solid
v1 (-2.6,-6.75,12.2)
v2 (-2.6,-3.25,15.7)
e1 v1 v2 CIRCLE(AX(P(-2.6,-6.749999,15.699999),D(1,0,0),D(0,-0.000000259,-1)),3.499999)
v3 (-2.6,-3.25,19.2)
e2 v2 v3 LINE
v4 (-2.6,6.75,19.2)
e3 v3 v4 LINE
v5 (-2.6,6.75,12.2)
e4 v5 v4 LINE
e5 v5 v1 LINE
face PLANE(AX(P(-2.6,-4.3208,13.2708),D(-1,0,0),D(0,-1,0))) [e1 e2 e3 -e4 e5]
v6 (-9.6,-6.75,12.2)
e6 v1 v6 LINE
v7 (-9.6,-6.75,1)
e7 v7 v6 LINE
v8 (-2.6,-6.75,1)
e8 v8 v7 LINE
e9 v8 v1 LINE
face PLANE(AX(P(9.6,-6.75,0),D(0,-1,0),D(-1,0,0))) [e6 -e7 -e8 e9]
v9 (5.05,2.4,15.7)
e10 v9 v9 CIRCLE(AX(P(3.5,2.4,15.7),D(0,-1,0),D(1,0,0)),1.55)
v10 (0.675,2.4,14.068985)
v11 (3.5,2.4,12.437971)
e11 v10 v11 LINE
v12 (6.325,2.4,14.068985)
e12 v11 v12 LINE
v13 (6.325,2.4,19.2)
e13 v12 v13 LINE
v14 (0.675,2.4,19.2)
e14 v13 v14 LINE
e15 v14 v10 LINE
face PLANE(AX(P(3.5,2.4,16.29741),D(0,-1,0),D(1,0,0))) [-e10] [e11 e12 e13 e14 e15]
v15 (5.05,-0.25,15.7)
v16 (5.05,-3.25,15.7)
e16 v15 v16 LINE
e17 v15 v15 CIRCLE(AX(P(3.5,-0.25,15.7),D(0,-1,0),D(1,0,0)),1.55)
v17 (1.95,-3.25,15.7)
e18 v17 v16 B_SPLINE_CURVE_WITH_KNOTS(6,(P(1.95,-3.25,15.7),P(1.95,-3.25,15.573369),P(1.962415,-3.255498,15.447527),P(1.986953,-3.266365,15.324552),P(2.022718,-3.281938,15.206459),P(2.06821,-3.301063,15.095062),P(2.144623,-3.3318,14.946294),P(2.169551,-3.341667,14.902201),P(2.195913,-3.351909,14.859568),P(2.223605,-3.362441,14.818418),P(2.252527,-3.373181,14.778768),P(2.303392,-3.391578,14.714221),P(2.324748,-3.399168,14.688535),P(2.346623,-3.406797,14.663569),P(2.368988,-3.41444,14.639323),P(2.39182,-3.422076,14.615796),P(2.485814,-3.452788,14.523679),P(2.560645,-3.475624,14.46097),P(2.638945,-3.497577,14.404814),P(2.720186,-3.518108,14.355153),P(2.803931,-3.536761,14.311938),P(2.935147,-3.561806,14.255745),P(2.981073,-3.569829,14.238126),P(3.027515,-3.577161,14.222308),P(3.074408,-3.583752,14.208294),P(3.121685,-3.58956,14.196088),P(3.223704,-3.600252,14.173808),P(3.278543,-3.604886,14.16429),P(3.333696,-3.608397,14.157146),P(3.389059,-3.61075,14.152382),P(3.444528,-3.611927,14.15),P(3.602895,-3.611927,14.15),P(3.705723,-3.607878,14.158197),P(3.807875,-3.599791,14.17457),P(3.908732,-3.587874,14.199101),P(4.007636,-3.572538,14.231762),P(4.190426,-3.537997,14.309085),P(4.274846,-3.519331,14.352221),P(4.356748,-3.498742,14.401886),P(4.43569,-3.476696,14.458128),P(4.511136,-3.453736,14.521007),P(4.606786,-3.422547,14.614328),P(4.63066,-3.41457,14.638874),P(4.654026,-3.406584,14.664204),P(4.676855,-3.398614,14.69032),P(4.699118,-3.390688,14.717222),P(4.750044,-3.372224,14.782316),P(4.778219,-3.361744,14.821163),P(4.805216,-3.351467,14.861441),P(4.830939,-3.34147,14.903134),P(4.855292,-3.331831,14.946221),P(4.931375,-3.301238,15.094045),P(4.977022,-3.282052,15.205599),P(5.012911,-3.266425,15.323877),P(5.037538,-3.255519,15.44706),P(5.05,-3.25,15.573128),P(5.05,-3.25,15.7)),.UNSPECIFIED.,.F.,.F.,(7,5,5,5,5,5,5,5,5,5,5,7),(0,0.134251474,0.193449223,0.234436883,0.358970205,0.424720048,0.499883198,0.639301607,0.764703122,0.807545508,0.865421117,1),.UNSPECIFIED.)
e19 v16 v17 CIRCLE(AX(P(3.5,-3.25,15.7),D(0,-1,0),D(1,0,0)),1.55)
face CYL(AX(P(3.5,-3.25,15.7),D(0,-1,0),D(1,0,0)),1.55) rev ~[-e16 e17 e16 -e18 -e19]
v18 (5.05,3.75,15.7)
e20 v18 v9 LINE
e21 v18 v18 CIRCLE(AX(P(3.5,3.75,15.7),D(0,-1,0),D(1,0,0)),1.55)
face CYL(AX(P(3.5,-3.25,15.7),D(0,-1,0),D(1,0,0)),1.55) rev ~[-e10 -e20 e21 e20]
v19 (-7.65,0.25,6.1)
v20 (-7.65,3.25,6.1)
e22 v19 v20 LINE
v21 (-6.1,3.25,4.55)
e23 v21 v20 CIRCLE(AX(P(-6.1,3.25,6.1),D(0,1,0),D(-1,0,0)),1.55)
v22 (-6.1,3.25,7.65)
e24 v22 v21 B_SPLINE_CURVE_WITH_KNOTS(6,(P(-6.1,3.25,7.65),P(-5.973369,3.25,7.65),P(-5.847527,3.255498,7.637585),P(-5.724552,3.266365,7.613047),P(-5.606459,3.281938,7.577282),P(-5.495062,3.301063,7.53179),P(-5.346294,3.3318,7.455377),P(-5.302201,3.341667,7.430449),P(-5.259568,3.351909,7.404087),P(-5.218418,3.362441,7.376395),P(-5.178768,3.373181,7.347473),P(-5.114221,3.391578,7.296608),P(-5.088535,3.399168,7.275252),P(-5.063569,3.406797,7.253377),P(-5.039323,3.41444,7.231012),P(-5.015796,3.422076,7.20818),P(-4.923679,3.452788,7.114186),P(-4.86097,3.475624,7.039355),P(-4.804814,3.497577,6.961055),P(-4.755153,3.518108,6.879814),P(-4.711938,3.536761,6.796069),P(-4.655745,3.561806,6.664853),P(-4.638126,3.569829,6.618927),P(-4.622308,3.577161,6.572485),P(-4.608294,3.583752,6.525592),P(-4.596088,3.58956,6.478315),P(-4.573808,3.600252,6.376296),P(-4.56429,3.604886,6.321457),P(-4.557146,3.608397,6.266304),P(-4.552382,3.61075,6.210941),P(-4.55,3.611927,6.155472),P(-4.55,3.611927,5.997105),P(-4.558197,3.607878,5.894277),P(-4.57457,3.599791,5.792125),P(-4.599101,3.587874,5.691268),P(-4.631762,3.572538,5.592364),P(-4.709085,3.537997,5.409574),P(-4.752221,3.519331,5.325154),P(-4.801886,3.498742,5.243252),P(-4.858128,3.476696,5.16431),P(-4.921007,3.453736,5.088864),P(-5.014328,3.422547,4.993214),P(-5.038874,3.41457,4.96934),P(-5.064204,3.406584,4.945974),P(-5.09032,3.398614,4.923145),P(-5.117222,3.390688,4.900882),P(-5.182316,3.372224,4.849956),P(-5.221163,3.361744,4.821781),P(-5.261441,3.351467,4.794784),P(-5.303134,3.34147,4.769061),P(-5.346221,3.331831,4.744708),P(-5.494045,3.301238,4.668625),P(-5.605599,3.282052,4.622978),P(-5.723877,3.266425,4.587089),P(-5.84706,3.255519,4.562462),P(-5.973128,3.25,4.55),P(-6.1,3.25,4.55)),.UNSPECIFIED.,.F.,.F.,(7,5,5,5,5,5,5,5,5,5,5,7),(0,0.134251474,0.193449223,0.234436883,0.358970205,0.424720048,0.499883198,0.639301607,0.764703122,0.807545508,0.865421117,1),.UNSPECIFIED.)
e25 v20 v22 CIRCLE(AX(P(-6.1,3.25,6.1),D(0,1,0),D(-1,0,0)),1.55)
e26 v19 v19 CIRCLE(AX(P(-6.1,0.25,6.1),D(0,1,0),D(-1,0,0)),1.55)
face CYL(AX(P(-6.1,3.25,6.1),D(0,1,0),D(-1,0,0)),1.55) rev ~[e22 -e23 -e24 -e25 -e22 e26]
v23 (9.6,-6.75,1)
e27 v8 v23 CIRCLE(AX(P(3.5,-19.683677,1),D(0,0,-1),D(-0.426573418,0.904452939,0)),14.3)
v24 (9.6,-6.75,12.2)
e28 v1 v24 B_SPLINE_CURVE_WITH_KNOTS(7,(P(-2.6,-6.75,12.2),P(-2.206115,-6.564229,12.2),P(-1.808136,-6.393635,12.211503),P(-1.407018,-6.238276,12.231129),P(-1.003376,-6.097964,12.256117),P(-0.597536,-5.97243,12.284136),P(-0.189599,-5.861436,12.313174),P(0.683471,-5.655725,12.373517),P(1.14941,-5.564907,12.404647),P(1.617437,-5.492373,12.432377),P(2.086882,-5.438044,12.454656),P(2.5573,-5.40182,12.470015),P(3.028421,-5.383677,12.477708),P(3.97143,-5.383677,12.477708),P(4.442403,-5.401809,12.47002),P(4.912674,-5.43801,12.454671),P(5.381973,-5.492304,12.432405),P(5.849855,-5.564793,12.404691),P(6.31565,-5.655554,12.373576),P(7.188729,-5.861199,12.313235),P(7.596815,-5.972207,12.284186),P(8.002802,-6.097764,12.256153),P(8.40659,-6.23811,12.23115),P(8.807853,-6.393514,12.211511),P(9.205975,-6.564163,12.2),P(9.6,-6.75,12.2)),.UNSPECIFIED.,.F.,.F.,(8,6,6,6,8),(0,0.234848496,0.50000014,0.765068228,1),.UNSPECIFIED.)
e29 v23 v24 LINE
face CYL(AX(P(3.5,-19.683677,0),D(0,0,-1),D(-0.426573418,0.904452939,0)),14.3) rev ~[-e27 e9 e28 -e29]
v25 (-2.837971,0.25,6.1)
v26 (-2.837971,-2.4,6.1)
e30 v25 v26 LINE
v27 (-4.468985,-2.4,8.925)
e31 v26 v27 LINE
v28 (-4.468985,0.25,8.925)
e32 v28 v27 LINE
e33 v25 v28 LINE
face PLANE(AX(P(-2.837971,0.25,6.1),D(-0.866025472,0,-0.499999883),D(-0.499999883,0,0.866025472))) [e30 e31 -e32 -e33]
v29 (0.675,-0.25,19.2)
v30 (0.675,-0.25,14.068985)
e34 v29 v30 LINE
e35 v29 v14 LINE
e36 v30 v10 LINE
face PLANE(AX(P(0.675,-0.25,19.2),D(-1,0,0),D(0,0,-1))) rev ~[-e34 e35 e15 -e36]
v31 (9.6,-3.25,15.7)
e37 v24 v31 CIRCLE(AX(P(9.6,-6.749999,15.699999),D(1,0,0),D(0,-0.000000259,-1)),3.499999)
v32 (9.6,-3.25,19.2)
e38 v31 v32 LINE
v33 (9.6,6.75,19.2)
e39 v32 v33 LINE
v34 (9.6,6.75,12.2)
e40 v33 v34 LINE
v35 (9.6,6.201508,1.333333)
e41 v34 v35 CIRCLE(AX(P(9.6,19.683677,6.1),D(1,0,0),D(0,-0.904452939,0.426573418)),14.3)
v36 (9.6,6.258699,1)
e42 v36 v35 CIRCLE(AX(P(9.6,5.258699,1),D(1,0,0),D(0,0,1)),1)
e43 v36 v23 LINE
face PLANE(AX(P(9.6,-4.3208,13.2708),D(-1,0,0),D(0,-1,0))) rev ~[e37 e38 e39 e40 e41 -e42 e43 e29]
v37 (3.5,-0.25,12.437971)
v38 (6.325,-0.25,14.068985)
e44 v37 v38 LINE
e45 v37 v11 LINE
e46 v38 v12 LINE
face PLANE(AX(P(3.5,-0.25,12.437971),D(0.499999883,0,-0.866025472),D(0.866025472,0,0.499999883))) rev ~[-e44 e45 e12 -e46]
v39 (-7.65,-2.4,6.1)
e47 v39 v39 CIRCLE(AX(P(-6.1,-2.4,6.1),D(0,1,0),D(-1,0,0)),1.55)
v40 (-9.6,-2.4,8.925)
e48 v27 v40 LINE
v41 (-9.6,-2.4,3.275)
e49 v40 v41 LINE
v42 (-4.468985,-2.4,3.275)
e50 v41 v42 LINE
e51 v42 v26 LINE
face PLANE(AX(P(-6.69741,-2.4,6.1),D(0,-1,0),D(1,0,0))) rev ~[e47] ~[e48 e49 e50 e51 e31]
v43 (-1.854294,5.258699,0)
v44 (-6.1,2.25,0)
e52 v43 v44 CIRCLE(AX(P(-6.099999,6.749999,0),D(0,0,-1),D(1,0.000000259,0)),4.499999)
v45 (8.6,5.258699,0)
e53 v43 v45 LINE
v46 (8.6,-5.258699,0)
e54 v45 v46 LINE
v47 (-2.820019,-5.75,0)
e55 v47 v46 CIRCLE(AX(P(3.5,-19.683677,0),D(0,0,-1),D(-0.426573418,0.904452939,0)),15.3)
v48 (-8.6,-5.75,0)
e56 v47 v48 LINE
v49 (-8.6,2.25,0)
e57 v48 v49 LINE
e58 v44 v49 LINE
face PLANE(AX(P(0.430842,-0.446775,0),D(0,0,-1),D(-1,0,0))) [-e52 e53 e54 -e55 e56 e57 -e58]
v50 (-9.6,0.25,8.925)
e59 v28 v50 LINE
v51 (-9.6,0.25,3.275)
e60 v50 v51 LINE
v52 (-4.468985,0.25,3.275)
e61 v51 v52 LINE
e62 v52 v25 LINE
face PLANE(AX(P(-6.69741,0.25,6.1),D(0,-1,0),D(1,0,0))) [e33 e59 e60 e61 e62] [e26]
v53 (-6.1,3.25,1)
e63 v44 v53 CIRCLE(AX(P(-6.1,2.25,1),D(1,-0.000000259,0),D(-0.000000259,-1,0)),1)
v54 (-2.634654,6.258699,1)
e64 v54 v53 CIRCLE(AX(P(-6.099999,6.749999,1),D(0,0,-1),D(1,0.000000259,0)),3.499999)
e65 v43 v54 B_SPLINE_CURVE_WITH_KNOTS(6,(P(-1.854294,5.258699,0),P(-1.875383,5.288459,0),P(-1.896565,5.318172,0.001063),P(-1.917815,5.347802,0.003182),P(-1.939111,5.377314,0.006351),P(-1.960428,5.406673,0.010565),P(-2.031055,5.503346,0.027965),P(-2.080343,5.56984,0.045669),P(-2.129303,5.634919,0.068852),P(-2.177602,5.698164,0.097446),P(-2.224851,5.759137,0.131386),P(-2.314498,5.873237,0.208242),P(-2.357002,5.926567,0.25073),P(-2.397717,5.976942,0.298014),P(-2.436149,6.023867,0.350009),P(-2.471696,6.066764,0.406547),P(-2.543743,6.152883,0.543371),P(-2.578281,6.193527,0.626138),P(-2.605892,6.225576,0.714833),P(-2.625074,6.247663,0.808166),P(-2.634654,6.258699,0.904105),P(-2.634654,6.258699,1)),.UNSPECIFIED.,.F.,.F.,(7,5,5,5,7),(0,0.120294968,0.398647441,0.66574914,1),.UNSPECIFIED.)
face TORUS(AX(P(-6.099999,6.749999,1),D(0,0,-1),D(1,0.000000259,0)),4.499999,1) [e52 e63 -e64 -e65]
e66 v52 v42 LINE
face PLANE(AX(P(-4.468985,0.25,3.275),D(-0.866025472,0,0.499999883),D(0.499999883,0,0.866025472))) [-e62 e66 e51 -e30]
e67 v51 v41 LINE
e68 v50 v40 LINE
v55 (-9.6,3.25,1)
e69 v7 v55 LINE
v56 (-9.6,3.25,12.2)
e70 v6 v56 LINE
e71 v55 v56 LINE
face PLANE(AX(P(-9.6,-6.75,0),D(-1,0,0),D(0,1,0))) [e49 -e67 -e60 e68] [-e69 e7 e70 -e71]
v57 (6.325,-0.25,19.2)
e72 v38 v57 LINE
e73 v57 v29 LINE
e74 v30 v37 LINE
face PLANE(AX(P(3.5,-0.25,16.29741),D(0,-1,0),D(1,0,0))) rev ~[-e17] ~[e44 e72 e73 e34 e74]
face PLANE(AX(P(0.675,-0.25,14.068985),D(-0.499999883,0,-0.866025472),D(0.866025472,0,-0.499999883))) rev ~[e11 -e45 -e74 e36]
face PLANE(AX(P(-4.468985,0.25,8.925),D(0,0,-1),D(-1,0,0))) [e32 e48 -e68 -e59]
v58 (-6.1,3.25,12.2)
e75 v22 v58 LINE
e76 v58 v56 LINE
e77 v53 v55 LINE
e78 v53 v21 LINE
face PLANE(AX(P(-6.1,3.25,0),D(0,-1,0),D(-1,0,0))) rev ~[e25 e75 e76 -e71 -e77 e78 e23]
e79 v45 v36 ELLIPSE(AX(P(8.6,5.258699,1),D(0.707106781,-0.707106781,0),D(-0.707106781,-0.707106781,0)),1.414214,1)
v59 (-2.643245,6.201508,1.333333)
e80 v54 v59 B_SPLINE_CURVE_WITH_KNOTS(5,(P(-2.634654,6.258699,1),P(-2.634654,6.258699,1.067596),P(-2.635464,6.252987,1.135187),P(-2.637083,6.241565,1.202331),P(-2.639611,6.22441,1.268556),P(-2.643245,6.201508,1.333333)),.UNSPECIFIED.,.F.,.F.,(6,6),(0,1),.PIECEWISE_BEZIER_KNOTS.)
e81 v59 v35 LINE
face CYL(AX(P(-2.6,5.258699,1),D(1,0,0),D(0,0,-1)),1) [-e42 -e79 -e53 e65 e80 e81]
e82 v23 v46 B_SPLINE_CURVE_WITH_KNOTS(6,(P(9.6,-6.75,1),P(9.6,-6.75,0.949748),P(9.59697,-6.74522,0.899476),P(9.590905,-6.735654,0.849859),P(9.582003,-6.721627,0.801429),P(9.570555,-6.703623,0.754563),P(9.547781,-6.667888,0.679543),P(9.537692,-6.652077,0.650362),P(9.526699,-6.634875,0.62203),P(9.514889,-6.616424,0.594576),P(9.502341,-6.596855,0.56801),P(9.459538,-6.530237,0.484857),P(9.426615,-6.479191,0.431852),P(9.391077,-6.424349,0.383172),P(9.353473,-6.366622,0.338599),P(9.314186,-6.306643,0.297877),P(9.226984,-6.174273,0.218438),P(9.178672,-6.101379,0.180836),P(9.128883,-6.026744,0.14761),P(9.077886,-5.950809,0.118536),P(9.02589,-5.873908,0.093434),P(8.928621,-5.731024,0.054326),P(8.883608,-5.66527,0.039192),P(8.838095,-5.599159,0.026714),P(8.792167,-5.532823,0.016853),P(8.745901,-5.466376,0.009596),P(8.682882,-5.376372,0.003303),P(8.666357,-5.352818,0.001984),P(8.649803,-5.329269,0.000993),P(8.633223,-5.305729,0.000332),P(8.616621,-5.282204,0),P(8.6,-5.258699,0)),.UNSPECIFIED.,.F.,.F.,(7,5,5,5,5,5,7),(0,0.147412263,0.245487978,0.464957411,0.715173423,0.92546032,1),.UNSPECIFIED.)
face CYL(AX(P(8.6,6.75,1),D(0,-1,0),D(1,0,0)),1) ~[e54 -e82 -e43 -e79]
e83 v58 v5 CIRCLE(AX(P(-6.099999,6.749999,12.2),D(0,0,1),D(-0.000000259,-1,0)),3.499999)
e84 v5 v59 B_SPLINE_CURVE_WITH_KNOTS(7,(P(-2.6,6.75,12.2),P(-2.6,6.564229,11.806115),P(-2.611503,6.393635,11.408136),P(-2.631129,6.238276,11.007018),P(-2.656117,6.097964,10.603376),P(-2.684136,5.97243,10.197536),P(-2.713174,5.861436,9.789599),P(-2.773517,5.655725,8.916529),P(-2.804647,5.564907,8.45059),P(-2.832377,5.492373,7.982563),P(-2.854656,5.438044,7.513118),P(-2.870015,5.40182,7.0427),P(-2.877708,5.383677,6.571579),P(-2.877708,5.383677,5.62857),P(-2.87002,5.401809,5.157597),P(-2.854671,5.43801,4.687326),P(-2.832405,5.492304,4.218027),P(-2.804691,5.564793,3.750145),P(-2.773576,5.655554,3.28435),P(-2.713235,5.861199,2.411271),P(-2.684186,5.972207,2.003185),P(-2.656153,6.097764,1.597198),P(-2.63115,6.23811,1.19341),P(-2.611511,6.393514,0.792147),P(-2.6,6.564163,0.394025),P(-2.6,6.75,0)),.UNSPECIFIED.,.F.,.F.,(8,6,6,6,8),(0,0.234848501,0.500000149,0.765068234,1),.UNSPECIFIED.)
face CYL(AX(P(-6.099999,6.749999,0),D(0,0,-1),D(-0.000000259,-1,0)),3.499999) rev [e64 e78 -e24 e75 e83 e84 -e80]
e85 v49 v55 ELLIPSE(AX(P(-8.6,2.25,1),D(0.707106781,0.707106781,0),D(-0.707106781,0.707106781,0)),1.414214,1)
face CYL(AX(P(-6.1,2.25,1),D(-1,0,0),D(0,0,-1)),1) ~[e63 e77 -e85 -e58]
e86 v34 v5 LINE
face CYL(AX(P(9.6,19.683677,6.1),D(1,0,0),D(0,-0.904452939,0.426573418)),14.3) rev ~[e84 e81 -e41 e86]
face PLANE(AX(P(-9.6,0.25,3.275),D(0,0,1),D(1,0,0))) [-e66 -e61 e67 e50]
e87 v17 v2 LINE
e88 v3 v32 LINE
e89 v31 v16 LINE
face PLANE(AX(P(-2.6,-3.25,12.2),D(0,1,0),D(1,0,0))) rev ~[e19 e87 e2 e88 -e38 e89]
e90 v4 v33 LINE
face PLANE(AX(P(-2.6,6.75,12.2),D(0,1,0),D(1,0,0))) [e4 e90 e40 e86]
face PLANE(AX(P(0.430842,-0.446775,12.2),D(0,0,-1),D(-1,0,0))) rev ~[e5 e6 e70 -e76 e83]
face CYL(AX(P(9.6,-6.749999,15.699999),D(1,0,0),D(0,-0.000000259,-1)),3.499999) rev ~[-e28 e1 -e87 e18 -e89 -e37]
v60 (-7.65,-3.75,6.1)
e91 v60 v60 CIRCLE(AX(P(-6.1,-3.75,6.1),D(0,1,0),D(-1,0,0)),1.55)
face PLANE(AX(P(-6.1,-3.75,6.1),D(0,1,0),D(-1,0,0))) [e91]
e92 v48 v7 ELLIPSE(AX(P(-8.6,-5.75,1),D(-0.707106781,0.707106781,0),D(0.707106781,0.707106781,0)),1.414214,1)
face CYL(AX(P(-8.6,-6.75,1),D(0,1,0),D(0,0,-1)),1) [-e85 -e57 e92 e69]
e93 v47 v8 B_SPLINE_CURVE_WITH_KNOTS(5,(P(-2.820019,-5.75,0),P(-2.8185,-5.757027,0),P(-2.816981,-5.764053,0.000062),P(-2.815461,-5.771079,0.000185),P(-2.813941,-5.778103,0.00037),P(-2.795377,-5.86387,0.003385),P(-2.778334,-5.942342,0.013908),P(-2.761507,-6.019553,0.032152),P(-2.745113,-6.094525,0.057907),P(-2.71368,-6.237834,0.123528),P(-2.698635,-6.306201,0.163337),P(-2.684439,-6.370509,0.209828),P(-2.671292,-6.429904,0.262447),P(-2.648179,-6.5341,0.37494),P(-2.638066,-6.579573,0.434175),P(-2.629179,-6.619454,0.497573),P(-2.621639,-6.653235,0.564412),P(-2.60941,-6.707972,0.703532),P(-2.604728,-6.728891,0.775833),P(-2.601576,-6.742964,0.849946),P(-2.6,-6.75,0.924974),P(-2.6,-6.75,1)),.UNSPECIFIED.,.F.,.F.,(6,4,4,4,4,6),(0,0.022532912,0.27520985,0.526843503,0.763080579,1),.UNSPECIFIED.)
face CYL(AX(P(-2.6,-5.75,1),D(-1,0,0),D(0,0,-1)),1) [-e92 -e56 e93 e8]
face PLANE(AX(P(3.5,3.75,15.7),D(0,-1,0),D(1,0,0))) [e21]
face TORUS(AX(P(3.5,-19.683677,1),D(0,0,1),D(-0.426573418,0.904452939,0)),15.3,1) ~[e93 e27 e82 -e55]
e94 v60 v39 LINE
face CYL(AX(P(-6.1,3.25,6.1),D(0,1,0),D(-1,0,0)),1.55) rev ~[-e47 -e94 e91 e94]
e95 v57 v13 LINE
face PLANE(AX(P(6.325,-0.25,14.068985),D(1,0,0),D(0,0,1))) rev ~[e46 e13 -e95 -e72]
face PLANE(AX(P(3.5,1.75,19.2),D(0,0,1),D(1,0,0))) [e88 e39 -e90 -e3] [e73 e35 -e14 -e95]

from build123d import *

# Parameters (mm, degrees)
EXTRUDE002_DEPTH                          = 2.65
EXTRUDE002_ONTO_SKETCH008_ROLL_ANGLE      = 90
EXTRUDE001_DEPTH                          = 2.65
EXTRUDE001_ONTO_SKETCH007_ROLL_ANGLE      = 90
EXTRUDE001_ONTO_SKETCH007_PLACEMENT_ANGLE = 180
EXTRUDE_DEPTH                             = 12.2
SKETCH001_W                               = 12.2
SKETCH001_H                               = 10
PAD_DEPTH                                 = 7
PAD001_DEPTH                              = 12.2
POCKET_DEPTH                              = 19.201
POCKET001_DEPTH                           = 19.201
SKETCH005_R                               = 1.55
POCKET002_DEPTH                           = 7
SKETCH006_R                               = 1.55
POCKET003_DEPTH                           = 7
FILLET_R                                  = 1


with BuildPart() as extrude002:
    # Sketch008 as drawn → Extrude002 (new)
    with BuildSketch(Plane.XY):
        Polygon((3.5, 12.437971), (6.325, 14.068985), (6.325, 19.2), (0.675, 19.2), (0.675, 14.068985), align=None)
    extrude(amount=-EXTRUDE002_DEPTH)


with BuildPart() as extrude002_1:
    # Extrude002 onto Sketch008 roll: moved
    add(extrude002.part.rotate(Axis((0, 0, 0), (1, 0, 0)), EXTRUDE002_ONTO_SKETCH008_ROLL_ANGLE))


with BuildPart() as extrude002_2:
    # Extrude002 onto Sketch008 placement: moved
    add(extrude002_1.part.moved(Location((0, -3.25, 0))))


with BuildPart() as extrude002_3:
    # Extrude002 placement: moved
    add(extrude002_2.part.moved(Location((0, 3, 0))))


with BuildPart() as extrude001:
    # Sketch007 as drawn → Extrude001 (new)
    with BuildSketch(Plane.XY):
        Polygon((2.837971, 6.1), (4.468985, 8.925), (9.6, 8.925), (9.6, 3.275), (4.468985, 3.275), align=None)
    extrude(amount=-EXTRUDE001_DEPTH)


with BuildPart() as extrude001_1:
    # Extrude001 onto Sketch007 roll: moved
    add(extrude001.part.rotate(Axis((0, 0, 0), (1, 0, 0)), EXTRUDE001_ONTO_SKETCH007_ROLL_ANGLE))


with BuildPart() as extrude001_2:
    # Extrude001 onto Sketch007 placement: moved
    add(extrude001_1.part.moved(Location((0, 3.25, 0))).rotate(Axis((0, 3.25, 0), (0, 0, 1)), EXTRUDE001_ONTO_SKETCH007_PLACEMENT_ANGLE))


with BuildPart() as extrude001_3:
    # Extrude001 placement: moved
    add(extrude001_2.part.moved(Location((0, -3, 0))))


with BuildPart() as fillet_body:
    # Sketch → Extrude (new body)
    with BuildSketch(Plane.XY):
        with BuildLine():
            Line((-9.6, -6.75), (-9.6, 3.25))
            Line((-6.1, 3.25), (-9.6, 3.25))
            ThreePointArc((-6.1, 3.25), (-3.625126, 4.275126), (-2.6, 6.75))
            Line((-2.6, 6.75), (9.6, 6.75))
            Line((9.6, 6.75), (9.6, -6.75))
            Line((9.6, -6.75), (-9.6, -6.75))
        make_face()
    extrude(amount=EXTRUDE_DEPTH)

    # Sketch001 → Pad (new body)
    with BuildSketch(Plane.XY.offset(12.2)):
        with Locations((3.5, 1.75)):
            Rectangle(SKETCH001_W, SKETCH001_H)
    extrude(amount=PAD_DEPTH)

    # Sketch002 → Pad001 (new body)
    with BuildSketch(Plane.YZ.offset(9.6)):
        with BuildLine():
            ThreePointArc((-6.75, 12.2), (-4.275126, 13.225126), (-3.25, 15.7))
            Line((-3.25, 12.2), (-3.25, 15.7))
            Line((-6.75, 12.2), (-3.25, 12.2))
        make_face()
    extrude(amount=-PAD001_DEPTH)

    # Sketch003 → Pocket (cut, through all)
    with BuildSketch(Plane.YZ.offset(9.6)):
        with BuildLine():
            Line((6.75, 12.2), (6.75, 0))
            ThreePointArc((6.75, 12.2), (5.383677, 6.1), (6.75, 0))
        make_face()
    extrude(amount=-POCKET_DEPTH, mode=Mode.SUBTRACT)

    # Sketch004 → Pocket001 (cut, through all)
    with BuildSketch(Plane(origin=(0, 0, 0), x_dir=(1, 0, 0), z_dir=(0, 0, -1))):
        with BuildLine():
            Line((-2.6, 6.75), (9.6, 6.75))
            ThreePointArc((-2.6, 6.75), (3.5, 5.383677), (9.6, 6.75))
        make_face()
    extrude(amount=-POCKET001_DEPTH, mode=Mode.SUBTRACT)

    # Sketch005 → Pocket002 (cut, symmetric)
    with BuildSketch(Plane.XZ.offset(3.25)):
        with Locations((3.5, 15.7)):
            Circle(SKETCH005_R)
    extrude(amount=POCKET002_DEPTH, both=True, mode=Mode.SUBTRACT)

    # Sketch006 → Pocket003 (cut, symmetric)
    with BuildSketch(Plane(origin=(0, 3.25, 0), x_dir=(-1, 0, 0), z_dir=(0, 1, 0))):
        with Locations((6.1, 6.1)):
            Circle(SKETCH006_R)
    extrude(amount=POCKET003_DEPTH, both=True, mode=Mode.SUBTRACT)

    # Cut: cut Extrude001
    add(extrude001_3.part, mode=Mode.SUBTRACT)

    # Cut001: cut Extrude002
    add(extrude002_3.part, mode=Mode.SUBTRACT)

    # Fillet
    fillet_edges = [fillet_body.edges().sort_by_distance(p)[0] for p in [
        (-7.85, 3.25, 0),
        (-9.6, -1.75, 0),
        (-6.1, -6.75, 0),
        (3.5, -5.383677, 0),
        (9.6, 0, 0),
        (3.5, 6.75, 0),
        (-3.625126, 4.275126, 0),
    ]]
    fillet(fillet_edges, radius=FILLET_R)


solid = fillet_body.part
